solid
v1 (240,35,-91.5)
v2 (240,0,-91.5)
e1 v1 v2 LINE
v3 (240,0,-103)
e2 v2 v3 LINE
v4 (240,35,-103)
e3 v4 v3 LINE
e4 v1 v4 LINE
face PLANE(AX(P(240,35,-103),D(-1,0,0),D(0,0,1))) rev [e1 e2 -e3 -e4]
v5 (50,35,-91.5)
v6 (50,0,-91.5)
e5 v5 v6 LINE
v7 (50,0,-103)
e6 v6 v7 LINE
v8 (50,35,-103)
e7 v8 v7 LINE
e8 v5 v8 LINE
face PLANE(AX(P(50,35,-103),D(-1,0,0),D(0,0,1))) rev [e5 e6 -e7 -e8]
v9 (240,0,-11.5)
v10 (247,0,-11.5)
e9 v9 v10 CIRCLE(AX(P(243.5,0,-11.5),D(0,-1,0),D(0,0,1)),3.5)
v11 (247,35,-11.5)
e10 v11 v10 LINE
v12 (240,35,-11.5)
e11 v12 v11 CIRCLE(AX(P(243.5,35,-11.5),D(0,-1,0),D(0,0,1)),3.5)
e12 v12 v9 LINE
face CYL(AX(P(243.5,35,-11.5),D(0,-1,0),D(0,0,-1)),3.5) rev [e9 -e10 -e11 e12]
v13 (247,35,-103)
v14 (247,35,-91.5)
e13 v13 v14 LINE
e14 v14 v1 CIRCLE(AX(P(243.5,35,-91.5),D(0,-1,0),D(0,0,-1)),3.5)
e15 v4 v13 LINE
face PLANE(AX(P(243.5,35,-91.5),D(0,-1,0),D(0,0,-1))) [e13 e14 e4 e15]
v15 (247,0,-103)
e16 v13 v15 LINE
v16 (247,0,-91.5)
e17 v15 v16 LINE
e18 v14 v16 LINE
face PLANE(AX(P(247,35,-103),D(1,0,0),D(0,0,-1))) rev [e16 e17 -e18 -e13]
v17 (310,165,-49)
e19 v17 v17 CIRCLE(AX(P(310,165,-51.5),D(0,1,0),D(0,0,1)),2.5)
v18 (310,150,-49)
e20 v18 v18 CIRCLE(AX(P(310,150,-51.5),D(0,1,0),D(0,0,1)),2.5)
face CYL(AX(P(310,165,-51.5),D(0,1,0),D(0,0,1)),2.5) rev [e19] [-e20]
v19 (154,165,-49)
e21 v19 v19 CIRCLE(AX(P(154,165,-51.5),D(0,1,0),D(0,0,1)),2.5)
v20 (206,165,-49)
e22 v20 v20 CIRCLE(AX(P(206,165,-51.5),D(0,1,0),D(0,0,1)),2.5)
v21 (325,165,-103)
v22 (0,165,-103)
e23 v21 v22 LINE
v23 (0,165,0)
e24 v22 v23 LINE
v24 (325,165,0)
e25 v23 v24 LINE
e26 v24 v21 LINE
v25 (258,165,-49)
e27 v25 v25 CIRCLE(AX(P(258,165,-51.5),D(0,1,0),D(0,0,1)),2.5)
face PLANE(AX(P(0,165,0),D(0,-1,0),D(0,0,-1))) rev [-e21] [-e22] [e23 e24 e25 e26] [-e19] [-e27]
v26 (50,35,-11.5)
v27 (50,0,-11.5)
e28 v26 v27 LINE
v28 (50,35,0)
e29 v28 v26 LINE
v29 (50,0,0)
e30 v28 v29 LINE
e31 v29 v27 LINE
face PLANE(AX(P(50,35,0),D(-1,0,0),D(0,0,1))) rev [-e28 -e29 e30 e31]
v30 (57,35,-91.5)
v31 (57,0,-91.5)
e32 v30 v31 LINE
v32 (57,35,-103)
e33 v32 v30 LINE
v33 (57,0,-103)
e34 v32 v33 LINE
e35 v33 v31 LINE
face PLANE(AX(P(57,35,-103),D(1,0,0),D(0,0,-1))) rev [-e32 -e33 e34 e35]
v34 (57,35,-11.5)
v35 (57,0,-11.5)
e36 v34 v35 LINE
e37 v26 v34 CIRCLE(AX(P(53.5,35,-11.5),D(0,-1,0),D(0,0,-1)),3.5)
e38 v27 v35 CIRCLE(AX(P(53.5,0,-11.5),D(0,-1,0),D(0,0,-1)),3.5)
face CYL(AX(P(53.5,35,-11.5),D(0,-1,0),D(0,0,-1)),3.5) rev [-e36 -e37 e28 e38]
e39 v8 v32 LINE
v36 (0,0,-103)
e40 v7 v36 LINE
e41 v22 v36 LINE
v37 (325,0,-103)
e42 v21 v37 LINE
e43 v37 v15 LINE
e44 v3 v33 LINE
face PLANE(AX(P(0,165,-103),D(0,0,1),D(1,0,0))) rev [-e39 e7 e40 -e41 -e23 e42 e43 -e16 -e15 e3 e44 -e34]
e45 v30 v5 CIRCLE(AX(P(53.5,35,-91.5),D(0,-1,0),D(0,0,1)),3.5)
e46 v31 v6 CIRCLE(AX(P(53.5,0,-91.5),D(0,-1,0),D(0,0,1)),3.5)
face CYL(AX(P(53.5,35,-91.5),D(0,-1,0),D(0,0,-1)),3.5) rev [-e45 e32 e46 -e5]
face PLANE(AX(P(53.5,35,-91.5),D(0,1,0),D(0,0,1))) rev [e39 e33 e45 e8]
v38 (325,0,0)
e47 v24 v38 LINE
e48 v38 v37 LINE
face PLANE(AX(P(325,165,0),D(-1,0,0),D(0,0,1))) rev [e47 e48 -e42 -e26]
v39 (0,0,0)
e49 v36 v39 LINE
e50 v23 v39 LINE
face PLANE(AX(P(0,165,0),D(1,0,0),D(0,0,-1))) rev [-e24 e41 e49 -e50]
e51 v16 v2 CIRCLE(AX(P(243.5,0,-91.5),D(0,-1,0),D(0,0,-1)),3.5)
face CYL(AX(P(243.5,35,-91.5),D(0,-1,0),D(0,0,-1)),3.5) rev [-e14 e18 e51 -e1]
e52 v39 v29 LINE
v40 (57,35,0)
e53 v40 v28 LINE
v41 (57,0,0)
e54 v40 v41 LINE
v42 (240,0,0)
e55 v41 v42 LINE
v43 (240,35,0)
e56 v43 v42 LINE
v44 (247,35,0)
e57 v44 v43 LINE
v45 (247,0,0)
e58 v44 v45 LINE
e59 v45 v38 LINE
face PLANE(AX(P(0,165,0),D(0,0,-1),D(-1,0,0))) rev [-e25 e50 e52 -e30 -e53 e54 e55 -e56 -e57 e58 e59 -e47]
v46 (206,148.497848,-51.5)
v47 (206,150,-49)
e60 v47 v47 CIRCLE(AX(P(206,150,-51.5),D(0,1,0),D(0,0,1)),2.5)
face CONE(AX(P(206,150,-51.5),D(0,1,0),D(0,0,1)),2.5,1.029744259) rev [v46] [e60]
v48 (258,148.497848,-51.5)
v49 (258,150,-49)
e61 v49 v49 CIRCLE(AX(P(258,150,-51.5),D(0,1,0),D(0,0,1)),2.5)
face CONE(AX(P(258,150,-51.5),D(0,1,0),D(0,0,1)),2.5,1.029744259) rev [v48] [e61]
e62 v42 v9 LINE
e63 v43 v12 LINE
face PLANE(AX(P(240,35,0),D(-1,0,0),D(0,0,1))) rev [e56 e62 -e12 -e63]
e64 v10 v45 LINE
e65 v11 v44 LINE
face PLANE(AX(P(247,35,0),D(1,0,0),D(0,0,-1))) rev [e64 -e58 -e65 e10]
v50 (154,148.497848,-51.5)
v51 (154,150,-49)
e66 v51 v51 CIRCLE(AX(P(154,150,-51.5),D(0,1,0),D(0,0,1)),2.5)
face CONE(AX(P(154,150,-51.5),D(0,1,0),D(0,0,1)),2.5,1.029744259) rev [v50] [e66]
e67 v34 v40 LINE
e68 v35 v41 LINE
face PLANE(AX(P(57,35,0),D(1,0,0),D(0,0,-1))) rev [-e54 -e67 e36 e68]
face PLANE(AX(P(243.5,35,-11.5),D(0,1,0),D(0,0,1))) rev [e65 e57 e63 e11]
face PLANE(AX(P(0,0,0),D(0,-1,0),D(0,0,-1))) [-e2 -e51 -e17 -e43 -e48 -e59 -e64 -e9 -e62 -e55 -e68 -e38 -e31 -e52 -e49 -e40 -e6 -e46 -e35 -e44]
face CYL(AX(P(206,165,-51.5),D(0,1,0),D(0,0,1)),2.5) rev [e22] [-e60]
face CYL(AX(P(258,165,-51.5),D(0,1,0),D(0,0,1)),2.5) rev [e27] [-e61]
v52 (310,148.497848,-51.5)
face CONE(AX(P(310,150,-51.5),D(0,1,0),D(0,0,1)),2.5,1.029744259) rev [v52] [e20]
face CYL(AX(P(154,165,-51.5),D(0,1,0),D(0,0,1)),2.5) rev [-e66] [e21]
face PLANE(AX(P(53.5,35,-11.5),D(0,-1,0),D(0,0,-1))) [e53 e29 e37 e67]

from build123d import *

# Parameters (mm, degrees)
SKETCH1_W             = 325
SKETCH1_H             = 103
BOSS_EXTRUDE1_DEPTH   = 165
M6_TAPPED_HOLE1_D     = 5
M6_TAPPED_HOLE1_DEPTH = 15
M6_TAPPED_HOLE1_TIP   = 1.502151548
CUT_EXTRUDE1_DEPTH    = 35


with BuildPart() as part:
    # Sketch1 → Boss-Extrude1 (new body)
    with BuildSketch(Plane(origin=(0, 0, 0), x_dir=(1, 0, 0), z_dir=(0, 1, 0))):
        with Locations((162.5, 51.5)):
            Rectangle(SKETCH1_W, SKETCH1_H)
    extrude(amount=BOSS_EXTRUDE1_DEPTH)

    # M6 Tapped Hole1
    with Locations(Plane(origin=(0, 165, 0), x_dir=(1, 0, 0), z_dir=(0, 1, 0))):
        with Locations((310, 51.5), (258, 51.5), (206, 51.5), (154, 51.5)):
            Hole(M6_TAPPED_HOLE1_D / 2, depth=M6_TAPPED_HOLE1_DEPTH)
            with Locations((0, 0, -(M6_TAPPED_HOLE1_DEPTH + M6_TAPPED_HOLE1_TIP / 2))):  # 118° drill point
                Cone(0, M6_TAPPED_HOLE1_D / 2, M6_TAPPED_HOLE1_TIP, mode=Mode.SUBTRACT)

    # Sketch5 → Cut-Extrude1 (cut)
    with BuildSketch(Plane.XZ):
        with BuildLine():
            Line((50, 0), (50, -11.5))
            ThreePointArc((50, -11.5), (53.5, -15), (57, -11.5))
            Line((57, -11.5), (57, 0))
            Line((57, 0), (50, 0))
        make_face()
        with BuildLine():
            Line((247, 0), (247, -11.5))
            ThreePointArc((247, -11.5), (243.5, -15), (240, -11.5))
            Line((240, -11.5), (240, 0))
            Line((240, 0), (247, 0))
        make_face()
        with BuildLine():
            Line((247, -103), (240, -103))
            Line((240, -103), (240, -91.5))
            ThreePointArc((240, -91.5), (243.5, -88), (247, -91.5))
            Line((247, -91.5), (247, -103))
        make_face()
        with BuildLine():
            Line((50, -103), (50, -91.5))
            ThreePointArc((50, -91.5), (53.5, -88), (57, -91.5))
            Line((57, -91.5), (57, -103))
            Line((57, -103), (50, -103))
        make_face()
    extrude(amount=-CUT_EXTRUDE1_DEPTH, mode=Mode.SUBTRACT)


solid = part.part
